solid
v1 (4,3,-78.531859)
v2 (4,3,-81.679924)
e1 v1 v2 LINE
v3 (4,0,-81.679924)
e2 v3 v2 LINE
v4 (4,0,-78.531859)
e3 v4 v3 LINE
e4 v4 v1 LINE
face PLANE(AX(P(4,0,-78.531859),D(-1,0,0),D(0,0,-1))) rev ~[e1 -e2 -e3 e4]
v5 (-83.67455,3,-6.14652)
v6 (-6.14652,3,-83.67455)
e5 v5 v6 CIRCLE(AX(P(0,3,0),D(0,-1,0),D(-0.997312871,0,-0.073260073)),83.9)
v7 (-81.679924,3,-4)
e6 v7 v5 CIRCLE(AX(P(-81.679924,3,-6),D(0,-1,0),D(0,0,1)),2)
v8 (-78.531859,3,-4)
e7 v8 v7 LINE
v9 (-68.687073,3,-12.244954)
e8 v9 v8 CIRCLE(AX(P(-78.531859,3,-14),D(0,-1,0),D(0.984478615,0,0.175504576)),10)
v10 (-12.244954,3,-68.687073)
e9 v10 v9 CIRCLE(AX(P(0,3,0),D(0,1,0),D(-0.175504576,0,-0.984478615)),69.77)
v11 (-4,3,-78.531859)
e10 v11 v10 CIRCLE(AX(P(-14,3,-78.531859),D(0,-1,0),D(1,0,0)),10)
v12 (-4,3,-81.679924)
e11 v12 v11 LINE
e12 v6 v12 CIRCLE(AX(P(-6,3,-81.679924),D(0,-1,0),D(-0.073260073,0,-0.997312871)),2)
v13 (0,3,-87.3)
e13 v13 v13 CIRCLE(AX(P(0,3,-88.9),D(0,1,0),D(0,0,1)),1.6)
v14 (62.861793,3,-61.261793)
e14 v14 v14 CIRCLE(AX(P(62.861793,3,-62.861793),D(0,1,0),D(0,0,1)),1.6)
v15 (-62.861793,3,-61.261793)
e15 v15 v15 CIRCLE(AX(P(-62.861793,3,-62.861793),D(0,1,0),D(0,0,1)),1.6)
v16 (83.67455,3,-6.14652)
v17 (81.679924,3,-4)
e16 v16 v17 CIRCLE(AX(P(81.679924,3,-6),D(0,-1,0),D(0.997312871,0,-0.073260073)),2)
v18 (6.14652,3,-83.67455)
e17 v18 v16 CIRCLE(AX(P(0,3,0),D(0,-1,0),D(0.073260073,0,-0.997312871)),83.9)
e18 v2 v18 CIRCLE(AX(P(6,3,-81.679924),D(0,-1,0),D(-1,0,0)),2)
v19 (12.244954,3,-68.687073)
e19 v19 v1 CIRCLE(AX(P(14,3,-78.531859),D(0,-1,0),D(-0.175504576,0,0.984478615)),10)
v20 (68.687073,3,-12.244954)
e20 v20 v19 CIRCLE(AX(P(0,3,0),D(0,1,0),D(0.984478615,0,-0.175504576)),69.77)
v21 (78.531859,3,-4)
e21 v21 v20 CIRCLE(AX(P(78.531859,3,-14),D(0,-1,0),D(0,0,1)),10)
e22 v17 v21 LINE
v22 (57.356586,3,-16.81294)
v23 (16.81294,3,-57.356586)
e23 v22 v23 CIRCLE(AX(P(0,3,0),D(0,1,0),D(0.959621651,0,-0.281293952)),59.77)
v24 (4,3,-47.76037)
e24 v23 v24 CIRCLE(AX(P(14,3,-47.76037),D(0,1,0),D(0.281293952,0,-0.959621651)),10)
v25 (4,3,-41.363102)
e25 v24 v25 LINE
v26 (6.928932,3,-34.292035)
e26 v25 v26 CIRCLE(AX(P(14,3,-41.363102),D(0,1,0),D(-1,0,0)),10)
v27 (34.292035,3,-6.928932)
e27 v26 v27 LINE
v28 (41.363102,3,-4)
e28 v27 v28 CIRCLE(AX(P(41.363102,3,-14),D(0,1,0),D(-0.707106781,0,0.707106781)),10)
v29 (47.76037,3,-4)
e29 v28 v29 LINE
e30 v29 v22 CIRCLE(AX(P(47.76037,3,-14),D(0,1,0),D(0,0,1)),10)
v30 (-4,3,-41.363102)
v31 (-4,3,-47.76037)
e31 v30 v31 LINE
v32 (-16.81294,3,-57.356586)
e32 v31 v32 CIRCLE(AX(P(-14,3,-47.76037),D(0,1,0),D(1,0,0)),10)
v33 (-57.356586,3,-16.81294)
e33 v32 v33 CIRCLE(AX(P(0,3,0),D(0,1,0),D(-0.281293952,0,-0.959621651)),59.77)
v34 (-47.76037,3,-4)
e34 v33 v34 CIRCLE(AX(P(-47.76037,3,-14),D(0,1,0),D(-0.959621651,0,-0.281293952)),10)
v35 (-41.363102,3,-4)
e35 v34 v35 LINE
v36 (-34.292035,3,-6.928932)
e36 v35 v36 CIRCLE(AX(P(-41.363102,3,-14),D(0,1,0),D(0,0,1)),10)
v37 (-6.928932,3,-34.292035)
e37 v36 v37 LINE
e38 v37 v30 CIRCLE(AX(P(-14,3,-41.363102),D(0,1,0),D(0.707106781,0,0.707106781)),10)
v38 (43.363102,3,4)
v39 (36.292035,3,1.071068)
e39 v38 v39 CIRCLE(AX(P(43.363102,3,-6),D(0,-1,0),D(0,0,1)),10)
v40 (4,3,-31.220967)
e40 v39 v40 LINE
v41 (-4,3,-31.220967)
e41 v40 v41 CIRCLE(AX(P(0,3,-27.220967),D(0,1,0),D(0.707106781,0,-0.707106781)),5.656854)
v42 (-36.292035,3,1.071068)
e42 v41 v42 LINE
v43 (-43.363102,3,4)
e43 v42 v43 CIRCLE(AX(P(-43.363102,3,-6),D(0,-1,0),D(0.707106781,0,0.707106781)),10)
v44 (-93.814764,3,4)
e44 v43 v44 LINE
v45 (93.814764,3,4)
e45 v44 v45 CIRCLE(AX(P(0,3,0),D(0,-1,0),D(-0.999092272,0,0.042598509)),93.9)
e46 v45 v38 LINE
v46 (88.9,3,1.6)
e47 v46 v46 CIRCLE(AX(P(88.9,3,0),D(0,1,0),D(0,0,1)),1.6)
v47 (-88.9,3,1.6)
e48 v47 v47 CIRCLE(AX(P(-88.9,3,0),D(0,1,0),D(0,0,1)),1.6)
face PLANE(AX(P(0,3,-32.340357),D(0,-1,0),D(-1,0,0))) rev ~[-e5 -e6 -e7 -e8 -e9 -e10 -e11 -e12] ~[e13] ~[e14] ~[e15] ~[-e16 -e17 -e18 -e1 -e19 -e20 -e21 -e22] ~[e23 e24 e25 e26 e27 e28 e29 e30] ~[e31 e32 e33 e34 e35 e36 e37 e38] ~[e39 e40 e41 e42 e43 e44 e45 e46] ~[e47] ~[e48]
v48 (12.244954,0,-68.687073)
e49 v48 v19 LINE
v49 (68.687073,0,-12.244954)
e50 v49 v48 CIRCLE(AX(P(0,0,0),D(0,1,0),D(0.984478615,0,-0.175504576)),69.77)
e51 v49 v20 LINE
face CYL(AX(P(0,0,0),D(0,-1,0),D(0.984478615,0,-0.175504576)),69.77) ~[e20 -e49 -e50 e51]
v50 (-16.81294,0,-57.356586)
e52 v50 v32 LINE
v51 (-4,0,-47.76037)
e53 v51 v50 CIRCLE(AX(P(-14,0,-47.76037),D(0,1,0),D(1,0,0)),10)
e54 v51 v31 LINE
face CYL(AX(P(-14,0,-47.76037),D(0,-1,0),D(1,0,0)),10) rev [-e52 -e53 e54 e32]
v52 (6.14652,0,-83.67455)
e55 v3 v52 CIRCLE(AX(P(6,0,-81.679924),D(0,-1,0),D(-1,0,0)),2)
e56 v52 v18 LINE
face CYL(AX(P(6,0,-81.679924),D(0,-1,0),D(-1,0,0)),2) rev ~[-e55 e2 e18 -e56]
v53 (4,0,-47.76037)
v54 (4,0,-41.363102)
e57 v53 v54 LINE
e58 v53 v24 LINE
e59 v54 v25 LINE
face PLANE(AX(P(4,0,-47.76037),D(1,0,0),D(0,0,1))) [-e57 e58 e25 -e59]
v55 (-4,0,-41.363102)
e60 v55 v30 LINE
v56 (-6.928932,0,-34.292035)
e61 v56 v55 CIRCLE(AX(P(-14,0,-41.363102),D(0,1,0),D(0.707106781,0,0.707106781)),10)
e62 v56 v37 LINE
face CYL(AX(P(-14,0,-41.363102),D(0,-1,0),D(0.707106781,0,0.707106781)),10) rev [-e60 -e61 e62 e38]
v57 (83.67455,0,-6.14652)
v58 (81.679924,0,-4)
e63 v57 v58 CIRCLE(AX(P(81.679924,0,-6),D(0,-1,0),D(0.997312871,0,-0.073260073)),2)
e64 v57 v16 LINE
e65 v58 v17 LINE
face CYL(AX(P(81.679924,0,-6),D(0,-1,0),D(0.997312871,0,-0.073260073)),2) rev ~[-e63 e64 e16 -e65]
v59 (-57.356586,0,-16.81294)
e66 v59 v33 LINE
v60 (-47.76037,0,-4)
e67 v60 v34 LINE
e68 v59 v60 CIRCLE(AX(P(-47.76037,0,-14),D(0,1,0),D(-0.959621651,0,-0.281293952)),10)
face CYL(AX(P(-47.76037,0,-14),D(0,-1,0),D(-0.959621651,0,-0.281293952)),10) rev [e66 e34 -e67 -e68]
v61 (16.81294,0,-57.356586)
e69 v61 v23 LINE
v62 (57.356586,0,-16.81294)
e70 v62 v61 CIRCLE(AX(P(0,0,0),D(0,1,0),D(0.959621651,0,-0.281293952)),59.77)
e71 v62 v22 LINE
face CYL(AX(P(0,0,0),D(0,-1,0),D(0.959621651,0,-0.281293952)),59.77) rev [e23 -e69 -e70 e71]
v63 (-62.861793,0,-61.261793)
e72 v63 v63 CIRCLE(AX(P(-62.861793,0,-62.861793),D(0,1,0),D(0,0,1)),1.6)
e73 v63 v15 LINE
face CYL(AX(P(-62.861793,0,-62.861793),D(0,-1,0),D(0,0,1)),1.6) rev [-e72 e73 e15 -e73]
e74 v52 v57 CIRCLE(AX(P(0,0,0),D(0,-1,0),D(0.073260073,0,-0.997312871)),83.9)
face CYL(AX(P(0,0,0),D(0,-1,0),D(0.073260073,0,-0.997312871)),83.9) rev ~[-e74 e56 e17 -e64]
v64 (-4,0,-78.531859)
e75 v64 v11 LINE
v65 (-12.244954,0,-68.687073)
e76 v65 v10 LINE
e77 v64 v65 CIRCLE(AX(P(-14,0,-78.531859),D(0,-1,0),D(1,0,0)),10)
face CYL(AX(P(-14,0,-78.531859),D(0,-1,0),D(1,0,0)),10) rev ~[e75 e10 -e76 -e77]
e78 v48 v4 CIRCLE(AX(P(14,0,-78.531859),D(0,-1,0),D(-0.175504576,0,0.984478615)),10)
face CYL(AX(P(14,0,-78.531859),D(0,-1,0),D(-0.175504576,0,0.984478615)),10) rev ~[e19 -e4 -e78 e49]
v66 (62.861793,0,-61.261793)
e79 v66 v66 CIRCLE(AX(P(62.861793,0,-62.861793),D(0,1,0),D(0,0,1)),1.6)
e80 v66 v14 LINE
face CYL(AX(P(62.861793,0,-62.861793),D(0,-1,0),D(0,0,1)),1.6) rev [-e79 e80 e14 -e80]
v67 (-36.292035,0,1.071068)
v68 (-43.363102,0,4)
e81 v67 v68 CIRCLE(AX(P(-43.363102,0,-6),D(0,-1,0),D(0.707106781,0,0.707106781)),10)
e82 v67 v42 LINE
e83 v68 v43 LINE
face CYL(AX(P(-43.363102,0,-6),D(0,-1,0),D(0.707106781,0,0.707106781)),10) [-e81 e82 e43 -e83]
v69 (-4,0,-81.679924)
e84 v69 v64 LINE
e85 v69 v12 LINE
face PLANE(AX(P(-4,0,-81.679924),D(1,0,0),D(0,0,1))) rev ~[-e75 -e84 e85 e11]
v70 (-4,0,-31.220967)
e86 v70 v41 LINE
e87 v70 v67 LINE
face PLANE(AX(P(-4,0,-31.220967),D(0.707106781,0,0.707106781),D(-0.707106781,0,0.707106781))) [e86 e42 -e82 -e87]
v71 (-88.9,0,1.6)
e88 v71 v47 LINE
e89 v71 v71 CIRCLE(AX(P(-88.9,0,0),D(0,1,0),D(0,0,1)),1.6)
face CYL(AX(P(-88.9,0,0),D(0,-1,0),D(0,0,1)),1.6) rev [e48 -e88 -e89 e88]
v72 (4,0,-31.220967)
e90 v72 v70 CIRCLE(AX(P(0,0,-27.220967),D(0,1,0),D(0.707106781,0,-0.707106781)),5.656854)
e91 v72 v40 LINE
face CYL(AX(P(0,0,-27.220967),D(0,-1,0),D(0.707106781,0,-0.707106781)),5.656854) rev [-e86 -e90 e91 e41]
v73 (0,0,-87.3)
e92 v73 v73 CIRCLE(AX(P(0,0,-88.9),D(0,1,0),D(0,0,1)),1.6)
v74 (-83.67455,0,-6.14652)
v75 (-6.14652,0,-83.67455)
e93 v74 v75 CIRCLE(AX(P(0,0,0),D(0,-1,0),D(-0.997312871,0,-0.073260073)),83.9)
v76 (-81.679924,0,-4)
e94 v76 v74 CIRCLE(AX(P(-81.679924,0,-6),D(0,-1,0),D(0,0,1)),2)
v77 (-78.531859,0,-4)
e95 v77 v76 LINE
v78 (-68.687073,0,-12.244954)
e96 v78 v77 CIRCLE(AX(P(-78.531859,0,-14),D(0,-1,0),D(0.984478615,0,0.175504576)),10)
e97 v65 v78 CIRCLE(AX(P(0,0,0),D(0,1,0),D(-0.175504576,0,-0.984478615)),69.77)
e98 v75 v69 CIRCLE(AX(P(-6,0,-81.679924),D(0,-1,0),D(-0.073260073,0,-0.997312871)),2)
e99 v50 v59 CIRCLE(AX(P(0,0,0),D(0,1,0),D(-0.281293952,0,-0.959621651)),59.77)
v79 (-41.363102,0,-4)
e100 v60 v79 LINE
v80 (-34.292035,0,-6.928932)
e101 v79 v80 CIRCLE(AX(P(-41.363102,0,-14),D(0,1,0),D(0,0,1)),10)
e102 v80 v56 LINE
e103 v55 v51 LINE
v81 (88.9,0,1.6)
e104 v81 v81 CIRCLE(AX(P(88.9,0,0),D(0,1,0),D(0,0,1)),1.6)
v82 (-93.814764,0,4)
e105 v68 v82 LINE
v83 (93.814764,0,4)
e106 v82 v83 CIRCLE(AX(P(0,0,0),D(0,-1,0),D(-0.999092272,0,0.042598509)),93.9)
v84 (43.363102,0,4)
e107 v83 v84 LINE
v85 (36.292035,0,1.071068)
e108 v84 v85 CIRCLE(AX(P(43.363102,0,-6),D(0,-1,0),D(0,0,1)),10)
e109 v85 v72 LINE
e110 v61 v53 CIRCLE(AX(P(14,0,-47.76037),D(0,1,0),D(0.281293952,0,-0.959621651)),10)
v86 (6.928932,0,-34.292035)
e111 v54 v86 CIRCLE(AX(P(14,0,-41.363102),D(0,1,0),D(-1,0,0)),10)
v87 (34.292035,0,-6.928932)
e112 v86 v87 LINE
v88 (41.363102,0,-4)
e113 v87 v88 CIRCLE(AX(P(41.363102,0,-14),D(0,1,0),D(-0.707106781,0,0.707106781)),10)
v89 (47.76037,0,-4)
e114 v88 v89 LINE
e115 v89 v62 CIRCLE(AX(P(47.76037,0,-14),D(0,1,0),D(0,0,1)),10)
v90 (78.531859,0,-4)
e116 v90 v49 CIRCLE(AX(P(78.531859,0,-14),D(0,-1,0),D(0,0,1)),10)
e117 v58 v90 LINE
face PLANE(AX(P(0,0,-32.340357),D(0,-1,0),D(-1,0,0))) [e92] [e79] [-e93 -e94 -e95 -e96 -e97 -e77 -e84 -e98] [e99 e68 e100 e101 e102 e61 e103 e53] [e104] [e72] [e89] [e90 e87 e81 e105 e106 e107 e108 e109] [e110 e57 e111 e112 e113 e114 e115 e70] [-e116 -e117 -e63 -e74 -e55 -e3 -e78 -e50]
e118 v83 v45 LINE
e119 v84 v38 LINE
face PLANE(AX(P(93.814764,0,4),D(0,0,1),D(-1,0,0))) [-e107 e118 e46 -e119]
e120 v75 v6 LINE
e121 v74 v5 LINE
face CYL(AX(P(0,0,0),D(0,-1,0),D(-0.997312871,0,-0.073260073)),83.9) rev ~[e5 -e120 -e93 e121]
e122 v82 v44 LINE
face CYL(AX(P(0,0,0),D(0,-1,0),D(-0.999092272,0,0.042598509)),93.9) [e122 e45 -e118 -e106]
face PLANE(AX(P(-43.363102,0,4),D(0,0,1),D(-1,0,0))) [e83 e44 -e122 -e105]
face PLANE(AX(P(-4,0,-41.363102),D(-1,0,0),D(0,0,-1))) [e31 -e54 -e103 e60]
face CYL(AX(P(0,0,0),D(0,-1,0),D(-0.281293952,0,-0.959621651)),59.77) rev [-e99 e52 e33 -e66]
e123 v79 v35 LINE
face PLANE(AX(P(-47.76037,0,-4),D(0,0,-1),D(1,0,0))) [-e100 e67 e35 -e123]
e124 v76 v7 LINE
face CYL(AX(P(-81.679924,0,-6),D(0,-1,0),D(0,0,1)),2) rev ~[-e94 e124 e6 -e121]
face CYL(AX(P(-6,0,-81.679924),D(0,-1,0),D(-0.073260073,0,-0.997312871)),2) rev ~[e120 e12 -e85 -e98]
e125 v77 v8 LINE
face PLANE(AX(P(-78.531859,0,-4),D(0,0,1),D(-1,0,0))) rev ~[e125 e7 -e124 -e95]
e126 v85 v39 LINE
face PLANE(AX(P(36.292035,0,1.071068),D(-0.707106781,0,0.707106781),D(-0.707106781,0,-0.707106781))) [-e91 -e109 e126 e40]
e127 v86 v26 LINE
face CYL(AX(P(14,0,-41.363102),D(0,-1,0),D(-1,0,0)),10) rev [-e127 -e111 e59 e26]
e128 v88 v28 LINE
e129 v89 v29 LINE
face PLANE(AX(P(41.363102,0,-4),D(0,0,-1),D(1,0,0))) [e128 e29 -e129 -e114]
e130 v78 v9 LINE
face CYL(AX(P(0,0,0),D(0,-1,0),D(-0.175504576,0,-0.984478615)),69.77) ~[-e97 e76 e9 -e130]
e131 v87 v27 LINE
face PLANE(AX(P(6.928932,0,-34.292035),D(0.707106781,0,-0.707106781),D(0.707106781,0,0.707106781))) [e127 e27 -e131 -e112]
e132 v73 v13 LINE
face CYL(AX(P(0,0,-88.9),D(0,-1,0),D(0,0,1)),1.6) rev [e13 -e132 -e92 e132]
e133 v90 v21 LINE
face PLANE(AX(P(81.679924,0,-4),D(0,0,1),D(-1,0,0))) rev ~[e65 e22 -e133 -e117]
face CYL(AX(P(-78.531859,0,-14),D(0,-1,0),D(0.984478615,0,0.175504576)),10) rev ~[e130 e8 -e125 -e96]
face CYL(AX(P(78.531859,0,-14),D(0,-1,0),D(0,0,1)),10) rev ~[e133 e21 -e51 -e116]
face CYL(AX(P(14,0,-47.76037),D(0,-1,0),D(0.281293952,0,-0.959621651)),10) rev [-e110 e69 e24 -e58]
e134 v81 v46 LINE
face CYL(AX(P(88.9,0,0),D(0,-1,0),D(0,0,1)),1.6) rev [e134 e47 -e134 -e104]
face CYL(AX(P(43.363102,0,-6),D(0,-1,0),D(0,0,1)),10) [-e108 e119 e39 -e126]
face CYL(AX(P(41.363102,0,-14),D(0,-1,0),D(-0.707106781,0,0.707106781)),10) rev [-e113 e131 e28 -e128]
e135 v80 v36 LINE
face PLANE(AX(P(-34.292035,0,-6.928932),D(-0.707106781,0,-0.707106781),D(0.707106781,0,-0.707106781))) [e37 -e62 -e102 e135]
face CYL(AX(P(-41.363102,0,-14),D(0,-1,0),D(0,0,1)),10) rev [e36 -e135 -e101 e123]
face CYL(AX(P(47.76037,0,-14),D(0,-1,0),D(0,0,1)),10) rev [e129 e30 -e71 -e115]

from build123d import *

# Parameters (mm, degrees)
SKETCH_1_R      = 1.6
EXTRUDE_1_DEPTH = 3


with BuildPart() as part:
    # 草图1 → 凸台-拉伸1 (new body)
    with BuildSketch(Plane(origin=(0, 0, 0), x_dir=(1, 0, 0), z_dir=(0, 1, 0))):
        with BuildLine():
            Line((-31.220966692, 4), (-36.292034504, -1.071067812))
            ThreePointArc((-36.292034504, -1.071067812), (-39.536267992, -3.238795325), (-43.363102316, -4))
            Line((-43.363102316, -4), (-46.95, -4))
            Line((-46.95, -4), (-83.804594146, -4))
            Line((-83.804594146, -4), (-93.814764296, -4))
            ThreePointArc((-93.814764296, -4), (0, 93.9), (93.814764296, -4))
            Line((93.814764296, -4), (83.804594146, -4))
            Line((83.804594146, -4), (46.95, -4))
            Line((46.95, -4), (43.363102316, -4))
            ThreePointArc((43.363102316, -4), (39.536267992, -3.238795325), (36.292034504, -1.071067812))
            Line((36.292034504, -1.071067812), (31.220966692, 4))
            Line((31.220966692, 4), (4, 31.220966692))
            ThreePointArc((4, 31.220966692), (0, 32.877820942), (-4, 31.220966692))
            Line((-4, 31.220966692), (-31.220966692, 4))
        make_face()
        with Locations(Location((88.9, 0, 0), (0, 0, 270))):
            Circle(SKETCH_1_R, mode=Mode.SUBTRACT)
        with Locations(Location((-88.9, 0, 0), (0, 0, 270))):
            Circle(SKETCH_1_R, mode=Mode.SUBTRACT)
        with Locations(Location((-62.861792847, 62.861792847, 0), (0, 0, 270))):
            Circle(SKETCH_1_R, mode=Mode.SUBTRACT)
        with Locations(Location((0, 88.9, 0), (0, 0, 270))):
            Circle(SKETCH_1_R, mode=Mode.SUBTRACT)
        with Locations(Location((62.861792847, 62.861792847, 0), (0, 0, 270))):
            Circle(SKETCH_1_R, mode=Mode.SUBTRACT)
        with BuildLine():
            Line((46.95, 4), (47.760369555, 4))
            ThreePointArc((47.760369555, 4), (55.764412134, 8.005393892), (57.356586062, 16.812939522))
            ThreePointArc((57.356586062, 16.812939522), (42.263772312, 42.263772312), (16.812939522, 57.356586062))
            ThreePointArc((16.812939522, 57.356586062), (8.005393892, 55.764412134), (4, 47.760369555))
            Line((4, 47.760369555), (4, 46.95))
            Line((4, 46.95), (4, 41.363102316))
            ThreePointArc((4, 41.363102316), (4.761204675, 37.536267992), (6.928932188, 34.292034504))
            Line((6.928932188, 34.292034504), (34.292034504, 6.928932188))
            ThreePointArc((34.292034504, 6.928932188), (37.536267992, 4.761204675), (41.363102316, 4))
            Line((41.363102316, 4), (46.95, 4))
        make_face(mode=Mode.SUBTRACT)
        with BuildLine():
            Line((-46.95, 4), (-41.363102316, 4))
            ThreePointArc((-41.363102316, 4), (-37.536267992, 4.761204675), (-34.292034504, 6.928932188))
            Line((-34.292034504, 6.928932188), (-6.928932188, 34.292034504))
            ThreePointArc((-6.928932188, 34.292034504), (-4.761204675, 37.536267992), (-4, 41.363102316))
            Line((-4, 41.363102316), (-4, 46.95))
            Line((-4, 46.95), (-4, 47.760369555))
            ThreePointArc((-4, 47.760369555), (-8.005393892, 55.764412134), (-16.812939522, 57.356586062))
            ThreePointArc((-16.812939522, 57.356586062), (-42.263772312, 42.263772312), (-57.356586062, 16.812939522))
            ThreePointArc((-57.356586062, 16.812939522), (-55.764412134, 8.005393892), (-47.760369555, 4))
            Line((-47.760369555, 4), (-46.95, 4))
        make_face(mode=Mode.SUBTRACT)
        with BuildLine():
            Line((-78.53185914, 4), (-81.679924094, 4))
            ThreePointArc((-81.679924094, 4), (-83.145024823, 4.638574331), (-83.674549835, 6.146520147))
            ThreePointArc((-83.674549835, 6.146520147), (-59.326258942, 59.326258942), (-6.146520147, 83.674549835))
            ThreePointArc((-6.146520147, 83.674549835), (-4.638574331, 83.145024823), (-4, 81.679924094))
            Line((-4, 81.679924094), (-4, 78.53185914))
            ThreePointArc((-4, 78.53185914), (-6.333499574, 72.111207209), (-12.244954243, 68.687072987))
            ThreePointArc((-12.244954243, 68.687072987), (-49.334840123, 49.334840123), (-68.687072987, 12.244954243))
            ThreePointArc((-68.687072987, 12.244954243), (-72.111207209, 6.333499574), (-78.53185914, 4))
        make_face(mode=Mode.SUBTRACT)
        with BuildLine():
            Line((4, 78.53185914), (4, 81.679924094))
            ThreePointArc((4, 81.679924094), (4.638574331, 83.145024823), (6.146520147, 83.674549835))
            ThreePointArc((6.146520147, 83.674549835), (59.326258942, 59.326258942), (83.674549835, 6.146520147))
            ThreePointArc((83.674549835, 6.146520147), (83.145024823, 4.638574331), (81.679924094, 4))
            Line((81.679924094, 4), (78.53185914, 4))
            ThreePointArc((78.53185914, 4), (72.111207209, 6.333499574), (68.687072987, 12.244954243))
            ThreePointArc((68.687072987, 12.244954243), (49.334840123, 49.334840123), (12.244954243, 68.687072987))
            ThreePointArc((12.244954243, 68.687072987), (6.333499574, 72.111207209), (4, 78.53185914))
        make_face(mode=Mode.SUBTRACT)
    extrude(amount=EXTRUDE_1_DEPTH)


solid = part.part
